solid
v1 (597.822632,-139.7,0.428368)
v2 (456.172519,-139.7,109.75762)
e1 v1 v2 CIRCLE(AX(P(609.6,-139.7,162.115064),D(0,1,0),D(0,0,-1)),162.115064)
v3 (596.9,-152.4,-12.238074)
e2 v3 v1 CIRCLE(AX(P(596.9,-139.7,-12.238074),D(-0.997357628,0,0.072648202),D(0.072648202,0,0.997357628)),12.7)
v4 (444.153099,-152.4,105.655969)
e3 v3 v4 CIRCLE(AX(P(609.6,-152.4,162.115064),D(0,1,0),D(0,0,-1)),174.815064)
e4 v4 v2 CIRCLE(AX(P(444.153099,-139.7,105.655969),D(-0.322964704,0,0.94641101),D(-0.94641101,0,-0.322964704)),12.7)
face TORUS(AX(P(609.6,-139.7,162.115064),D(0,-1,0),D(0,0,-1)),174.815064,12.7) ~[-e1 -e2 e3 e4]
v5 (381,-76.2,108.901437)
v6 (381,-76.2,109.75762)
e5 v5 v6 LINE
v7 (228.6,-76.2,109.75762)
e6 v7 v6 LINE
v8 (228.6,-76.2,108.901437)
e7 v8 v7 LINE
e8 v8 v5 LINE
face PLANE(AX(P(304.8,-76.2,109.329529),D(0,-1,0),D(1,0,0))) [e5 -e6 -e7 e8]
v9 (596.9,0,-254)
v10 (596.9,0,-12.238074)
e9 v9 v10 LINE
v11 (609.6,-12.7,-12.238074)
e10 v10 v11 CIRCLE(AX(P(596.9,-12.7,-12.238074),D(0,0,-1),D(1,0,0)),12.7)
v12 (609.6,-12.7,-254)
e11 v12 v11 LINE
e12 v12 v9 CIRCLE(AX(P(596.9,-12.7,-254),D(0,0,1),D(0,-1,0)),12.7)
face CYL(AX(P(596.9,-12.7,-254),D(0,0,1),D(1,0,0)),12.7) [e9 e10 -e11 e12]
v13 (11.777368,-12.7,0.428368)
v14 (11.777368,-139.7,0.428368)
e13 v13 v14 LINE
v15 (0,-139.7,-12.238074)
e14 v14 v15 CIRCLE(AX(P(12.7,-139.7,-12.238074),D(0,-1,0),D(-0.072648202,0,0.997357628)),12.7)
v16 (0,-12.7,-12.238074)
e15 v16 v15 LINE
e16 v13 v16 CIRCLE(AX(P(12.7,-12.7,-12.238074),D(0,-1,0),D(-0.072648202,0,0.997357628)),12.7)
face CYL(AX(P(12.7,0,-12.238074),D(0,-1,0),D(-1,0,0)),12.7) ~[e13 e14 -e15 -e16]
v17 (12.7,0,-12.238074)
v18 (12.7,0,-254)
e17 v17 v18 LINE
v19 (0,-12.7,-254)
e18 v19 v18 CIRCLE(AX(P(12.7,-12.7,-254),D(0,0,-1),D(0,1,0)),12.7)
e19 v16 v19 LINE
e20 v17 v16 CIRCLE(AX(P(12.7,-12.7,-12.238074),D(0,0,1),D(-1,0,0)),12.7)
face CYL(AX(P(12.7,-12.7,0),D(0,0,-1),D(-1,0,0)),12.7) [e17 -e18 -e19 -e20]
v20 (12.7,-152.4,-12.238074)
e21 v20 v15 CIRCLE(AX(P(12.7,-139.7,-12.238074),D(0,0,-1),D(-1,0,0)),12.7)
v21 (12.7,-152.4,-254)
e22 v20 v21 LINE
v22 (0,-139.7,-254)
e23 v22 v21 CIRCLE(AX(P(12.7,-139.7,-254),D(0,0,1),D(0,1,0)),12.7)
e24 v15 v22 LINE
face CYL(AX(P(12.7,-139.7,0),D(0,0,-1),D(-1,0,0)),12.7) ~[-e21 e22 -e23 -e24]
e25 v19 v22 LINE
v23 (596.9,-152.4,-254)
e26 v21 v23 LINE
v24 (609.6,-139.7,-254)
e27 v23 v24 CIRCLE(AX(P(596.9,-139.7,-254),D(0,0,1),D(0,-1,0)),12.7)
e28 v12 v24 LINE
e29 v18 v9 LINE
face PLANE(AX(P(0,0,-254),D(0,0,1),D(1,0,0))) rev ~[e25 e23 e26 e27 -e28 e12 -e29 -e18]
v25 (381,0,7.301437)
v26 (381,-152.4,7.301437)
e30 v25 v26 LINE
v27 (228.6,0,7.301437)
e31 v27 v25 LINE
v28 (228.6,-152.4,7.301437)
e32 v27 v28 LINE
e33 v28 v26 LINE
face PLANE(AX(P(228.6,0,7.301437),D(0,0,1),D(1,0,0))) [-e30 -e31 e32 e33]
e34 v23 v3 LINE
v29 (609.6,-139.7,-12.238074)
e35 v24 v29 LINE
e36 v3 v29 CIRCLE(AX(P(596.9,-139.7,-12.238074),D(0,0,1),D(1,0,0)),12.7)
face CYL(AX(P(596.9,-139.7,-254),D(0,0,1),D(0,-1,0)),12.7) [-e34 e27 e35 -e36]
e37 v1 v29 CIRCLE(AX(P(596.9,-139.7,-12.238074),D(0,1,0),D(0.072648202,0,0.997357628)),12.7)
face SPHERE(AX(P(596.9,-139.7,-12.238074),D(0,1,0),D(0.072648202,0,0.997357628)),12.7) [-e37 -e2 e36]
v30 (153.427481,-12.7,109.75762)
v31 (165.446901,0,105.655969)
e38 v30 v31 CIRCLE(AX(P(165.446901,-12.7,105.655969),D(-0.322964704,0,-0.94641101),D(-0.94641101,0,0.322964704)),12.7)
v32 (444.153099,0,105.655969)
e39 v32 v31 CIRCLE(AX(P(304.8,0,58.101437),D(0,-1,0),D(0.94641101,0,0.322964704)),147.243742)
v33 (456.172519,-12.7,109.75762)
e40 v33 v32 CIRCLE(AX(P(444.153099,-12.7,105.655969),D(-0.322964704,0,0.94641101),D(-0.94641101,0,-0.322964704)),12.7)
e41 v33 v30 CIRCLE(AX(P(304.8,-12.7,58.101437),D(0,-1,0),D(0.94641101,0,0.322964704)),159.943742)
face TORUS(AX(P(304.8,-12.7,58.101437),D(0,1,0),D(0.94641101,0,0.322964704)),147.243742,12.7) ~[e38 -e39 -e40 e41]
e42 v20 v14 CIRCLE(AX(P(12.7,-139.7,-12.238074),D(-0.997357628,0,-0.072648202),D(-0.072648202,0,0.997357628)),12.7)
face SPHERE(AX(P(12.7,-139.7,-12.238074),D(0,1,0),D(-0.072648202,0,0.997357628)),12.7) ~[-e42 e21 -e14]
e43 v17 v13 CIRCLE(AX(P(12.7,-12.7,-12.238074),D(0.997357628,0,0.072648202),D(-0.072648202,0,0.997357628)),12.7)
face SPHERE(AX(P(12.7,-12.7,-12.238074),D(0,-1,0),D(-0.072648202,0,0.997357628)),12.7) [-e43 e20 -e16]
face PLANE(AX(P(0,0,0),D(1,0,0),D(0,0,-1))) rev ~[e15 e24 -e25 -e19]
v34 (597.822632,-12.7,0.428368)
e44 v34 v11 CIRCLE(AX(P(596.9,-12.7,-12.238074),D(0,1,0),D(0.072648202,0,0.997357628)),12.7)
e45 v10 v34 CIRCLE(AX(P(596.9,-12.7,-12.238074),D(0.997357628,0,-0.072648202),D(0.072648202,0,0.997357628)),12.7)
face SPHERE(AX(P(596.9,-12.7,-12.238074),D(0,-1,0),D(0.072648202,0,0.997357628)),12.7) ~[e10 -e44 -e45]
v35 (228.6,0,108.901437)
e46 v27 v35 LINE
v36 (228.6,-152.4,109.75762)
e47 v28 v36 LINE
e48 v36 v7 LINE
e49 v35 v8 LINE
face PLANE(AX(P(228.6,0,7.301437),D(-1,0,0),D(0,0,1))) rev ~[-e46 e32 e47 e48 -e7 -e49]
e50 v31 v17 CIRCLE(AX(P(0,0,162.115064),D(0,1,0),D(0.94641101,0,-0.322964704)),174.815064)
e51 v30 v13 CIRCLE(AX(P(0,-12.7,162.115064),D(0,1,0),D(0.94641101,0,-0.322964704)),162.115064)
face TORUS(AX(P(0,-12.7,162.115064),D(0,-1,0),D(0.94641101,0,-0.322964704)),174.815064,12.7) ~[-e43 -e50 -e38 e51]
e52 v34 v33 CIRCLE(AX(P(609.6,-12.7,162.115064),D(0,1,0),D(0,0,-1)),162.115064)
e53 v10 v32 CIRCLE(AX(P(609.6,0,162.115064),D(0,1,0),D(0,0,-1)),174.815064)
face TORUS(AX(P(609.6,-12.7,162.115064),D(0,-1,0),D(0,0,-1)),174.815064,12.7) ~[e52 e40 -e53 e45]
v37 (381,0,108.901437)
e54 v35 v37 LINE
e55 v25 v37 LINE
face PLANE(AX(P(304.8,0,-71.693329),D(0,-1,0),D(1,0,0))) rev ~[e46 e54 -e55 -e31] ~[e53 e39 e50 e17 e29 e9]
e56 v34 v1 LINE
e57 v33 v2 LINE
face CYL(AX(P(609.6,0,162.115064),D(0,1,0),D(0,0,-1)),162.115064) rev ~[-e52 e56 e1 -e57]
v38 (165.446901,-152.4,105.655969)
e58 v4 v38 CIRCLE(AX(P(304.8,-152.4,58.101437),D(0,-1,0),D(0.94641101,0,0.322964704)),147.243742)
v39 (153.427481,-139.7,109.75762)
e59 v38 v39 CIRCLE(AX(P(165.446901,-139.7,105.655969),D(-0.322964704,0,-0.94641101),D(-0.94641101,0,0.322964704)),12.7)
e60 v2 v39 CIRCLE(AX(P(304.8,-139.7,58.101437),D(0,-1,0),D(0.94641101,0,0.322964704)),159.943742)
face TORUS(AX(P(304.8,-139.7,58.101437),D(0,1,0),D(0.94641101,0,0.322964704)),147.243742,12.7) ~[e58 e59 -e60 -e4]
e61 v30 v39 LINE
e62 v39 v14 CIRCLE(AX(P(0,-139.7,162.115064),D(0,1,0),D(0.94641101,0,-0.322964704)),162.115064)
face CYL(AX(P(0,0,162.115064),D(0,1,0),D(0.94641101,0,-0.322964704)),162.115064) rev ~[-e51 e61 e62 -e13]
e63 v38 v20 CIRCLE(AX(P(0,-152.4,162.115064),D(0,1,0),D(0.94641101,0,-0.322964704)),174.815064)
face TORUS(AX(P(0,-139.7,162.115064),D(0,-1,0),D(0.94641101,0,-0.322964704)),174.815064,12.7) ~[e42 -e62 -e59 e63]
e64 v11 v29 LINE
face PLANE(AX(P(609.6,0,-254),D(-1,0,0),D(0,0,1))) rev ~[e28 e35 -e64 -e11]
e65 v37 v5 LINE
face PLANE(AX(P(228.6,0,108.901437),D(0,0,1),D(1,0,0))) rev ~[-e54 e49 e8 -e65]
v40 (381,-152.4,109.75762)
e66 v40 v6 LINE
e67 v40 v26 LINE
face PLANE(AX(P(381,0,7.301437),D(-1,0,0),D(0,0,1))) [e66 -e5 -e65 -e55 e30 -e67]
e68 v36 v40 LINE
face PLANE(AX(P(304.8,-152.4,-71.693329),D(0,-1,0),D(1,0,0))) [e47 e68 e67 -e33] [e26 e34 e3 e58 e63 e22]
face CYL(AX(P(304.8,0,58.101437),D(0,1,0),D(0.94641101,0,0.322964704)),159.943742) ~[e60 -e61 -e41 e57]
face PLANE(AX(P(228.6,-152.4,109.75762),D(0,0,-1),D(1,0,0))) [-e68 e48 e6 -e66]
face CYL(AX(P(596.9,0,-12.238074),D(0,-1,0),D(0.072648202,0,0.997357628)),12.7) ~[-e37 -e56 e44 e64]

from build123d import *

# Parameters (mm, degrees)
F0_W     = 152.4
F0_H     = 101.6
F1_DEPTH = 152.4
F2_W     = 152.4
F2_H     = 0.8561833287
F3_DEPTH = 76.2
F4_R     = 12.7


with BuildPart() as f1:
    # F0 (on Front) → F1 (new body)
    with BuildSketch(Plane.XZ):
        with BuildLine():
            Line((0, 0), (0, -254))
            Line((0, -254), (609.6, -254))
            Line((609.6, -254), (609.6, 0))
            ThreePointArc((609.6, 0), (515.2777766961, 30.2643447869), (456.1725186703, 109.7576202765))
            ThreePointArc((456.1725186703, 109.7576202765), (304.8, 218.0451791971), (153.4274813297, 109.7576202765))
            ThreePointArc((153.4274813297, 109.7576202765), (94.3222233039, 30.2643447869), (0, 0))
        make_face()
        with Locations((304.8, 58.1014369479)):
            Rectangle(F0_W, F0_H, mode=Mode.SUBTRACT)
    extrude(amount=F1_DEPTH)

    # F2 (on face) → F3 (cut)
    with BuildSketch(Plane.XZ.offset(152.4)):
        with Locations((304.8, 109.3295286122)):
            Rectangle(F2_W, F2_H)
    extrude(amount=-F3_DEPTH, mode=Mode.SUBTRACT)

    # F4
    f4_edges = [f1.edges().sort_by_distance(p)[0] for p in [
        (609.6, -76.2, 0),
        (0, -76.2, 0),
        (515.277777, -152.4, 30.264345),
        (304.8, -152.4, 218.045179),
        (304.8, 0, 218.045179),
        (515.277777, 0, 30.264345),
        (609.6, -152.4, -127),
        (609.6, 0, -127),
        (0, -152.4, -127),
        (0, 0, -127),
    ]]
    fillet(f4_edges, radius=F4_R)


solid = f1.part
